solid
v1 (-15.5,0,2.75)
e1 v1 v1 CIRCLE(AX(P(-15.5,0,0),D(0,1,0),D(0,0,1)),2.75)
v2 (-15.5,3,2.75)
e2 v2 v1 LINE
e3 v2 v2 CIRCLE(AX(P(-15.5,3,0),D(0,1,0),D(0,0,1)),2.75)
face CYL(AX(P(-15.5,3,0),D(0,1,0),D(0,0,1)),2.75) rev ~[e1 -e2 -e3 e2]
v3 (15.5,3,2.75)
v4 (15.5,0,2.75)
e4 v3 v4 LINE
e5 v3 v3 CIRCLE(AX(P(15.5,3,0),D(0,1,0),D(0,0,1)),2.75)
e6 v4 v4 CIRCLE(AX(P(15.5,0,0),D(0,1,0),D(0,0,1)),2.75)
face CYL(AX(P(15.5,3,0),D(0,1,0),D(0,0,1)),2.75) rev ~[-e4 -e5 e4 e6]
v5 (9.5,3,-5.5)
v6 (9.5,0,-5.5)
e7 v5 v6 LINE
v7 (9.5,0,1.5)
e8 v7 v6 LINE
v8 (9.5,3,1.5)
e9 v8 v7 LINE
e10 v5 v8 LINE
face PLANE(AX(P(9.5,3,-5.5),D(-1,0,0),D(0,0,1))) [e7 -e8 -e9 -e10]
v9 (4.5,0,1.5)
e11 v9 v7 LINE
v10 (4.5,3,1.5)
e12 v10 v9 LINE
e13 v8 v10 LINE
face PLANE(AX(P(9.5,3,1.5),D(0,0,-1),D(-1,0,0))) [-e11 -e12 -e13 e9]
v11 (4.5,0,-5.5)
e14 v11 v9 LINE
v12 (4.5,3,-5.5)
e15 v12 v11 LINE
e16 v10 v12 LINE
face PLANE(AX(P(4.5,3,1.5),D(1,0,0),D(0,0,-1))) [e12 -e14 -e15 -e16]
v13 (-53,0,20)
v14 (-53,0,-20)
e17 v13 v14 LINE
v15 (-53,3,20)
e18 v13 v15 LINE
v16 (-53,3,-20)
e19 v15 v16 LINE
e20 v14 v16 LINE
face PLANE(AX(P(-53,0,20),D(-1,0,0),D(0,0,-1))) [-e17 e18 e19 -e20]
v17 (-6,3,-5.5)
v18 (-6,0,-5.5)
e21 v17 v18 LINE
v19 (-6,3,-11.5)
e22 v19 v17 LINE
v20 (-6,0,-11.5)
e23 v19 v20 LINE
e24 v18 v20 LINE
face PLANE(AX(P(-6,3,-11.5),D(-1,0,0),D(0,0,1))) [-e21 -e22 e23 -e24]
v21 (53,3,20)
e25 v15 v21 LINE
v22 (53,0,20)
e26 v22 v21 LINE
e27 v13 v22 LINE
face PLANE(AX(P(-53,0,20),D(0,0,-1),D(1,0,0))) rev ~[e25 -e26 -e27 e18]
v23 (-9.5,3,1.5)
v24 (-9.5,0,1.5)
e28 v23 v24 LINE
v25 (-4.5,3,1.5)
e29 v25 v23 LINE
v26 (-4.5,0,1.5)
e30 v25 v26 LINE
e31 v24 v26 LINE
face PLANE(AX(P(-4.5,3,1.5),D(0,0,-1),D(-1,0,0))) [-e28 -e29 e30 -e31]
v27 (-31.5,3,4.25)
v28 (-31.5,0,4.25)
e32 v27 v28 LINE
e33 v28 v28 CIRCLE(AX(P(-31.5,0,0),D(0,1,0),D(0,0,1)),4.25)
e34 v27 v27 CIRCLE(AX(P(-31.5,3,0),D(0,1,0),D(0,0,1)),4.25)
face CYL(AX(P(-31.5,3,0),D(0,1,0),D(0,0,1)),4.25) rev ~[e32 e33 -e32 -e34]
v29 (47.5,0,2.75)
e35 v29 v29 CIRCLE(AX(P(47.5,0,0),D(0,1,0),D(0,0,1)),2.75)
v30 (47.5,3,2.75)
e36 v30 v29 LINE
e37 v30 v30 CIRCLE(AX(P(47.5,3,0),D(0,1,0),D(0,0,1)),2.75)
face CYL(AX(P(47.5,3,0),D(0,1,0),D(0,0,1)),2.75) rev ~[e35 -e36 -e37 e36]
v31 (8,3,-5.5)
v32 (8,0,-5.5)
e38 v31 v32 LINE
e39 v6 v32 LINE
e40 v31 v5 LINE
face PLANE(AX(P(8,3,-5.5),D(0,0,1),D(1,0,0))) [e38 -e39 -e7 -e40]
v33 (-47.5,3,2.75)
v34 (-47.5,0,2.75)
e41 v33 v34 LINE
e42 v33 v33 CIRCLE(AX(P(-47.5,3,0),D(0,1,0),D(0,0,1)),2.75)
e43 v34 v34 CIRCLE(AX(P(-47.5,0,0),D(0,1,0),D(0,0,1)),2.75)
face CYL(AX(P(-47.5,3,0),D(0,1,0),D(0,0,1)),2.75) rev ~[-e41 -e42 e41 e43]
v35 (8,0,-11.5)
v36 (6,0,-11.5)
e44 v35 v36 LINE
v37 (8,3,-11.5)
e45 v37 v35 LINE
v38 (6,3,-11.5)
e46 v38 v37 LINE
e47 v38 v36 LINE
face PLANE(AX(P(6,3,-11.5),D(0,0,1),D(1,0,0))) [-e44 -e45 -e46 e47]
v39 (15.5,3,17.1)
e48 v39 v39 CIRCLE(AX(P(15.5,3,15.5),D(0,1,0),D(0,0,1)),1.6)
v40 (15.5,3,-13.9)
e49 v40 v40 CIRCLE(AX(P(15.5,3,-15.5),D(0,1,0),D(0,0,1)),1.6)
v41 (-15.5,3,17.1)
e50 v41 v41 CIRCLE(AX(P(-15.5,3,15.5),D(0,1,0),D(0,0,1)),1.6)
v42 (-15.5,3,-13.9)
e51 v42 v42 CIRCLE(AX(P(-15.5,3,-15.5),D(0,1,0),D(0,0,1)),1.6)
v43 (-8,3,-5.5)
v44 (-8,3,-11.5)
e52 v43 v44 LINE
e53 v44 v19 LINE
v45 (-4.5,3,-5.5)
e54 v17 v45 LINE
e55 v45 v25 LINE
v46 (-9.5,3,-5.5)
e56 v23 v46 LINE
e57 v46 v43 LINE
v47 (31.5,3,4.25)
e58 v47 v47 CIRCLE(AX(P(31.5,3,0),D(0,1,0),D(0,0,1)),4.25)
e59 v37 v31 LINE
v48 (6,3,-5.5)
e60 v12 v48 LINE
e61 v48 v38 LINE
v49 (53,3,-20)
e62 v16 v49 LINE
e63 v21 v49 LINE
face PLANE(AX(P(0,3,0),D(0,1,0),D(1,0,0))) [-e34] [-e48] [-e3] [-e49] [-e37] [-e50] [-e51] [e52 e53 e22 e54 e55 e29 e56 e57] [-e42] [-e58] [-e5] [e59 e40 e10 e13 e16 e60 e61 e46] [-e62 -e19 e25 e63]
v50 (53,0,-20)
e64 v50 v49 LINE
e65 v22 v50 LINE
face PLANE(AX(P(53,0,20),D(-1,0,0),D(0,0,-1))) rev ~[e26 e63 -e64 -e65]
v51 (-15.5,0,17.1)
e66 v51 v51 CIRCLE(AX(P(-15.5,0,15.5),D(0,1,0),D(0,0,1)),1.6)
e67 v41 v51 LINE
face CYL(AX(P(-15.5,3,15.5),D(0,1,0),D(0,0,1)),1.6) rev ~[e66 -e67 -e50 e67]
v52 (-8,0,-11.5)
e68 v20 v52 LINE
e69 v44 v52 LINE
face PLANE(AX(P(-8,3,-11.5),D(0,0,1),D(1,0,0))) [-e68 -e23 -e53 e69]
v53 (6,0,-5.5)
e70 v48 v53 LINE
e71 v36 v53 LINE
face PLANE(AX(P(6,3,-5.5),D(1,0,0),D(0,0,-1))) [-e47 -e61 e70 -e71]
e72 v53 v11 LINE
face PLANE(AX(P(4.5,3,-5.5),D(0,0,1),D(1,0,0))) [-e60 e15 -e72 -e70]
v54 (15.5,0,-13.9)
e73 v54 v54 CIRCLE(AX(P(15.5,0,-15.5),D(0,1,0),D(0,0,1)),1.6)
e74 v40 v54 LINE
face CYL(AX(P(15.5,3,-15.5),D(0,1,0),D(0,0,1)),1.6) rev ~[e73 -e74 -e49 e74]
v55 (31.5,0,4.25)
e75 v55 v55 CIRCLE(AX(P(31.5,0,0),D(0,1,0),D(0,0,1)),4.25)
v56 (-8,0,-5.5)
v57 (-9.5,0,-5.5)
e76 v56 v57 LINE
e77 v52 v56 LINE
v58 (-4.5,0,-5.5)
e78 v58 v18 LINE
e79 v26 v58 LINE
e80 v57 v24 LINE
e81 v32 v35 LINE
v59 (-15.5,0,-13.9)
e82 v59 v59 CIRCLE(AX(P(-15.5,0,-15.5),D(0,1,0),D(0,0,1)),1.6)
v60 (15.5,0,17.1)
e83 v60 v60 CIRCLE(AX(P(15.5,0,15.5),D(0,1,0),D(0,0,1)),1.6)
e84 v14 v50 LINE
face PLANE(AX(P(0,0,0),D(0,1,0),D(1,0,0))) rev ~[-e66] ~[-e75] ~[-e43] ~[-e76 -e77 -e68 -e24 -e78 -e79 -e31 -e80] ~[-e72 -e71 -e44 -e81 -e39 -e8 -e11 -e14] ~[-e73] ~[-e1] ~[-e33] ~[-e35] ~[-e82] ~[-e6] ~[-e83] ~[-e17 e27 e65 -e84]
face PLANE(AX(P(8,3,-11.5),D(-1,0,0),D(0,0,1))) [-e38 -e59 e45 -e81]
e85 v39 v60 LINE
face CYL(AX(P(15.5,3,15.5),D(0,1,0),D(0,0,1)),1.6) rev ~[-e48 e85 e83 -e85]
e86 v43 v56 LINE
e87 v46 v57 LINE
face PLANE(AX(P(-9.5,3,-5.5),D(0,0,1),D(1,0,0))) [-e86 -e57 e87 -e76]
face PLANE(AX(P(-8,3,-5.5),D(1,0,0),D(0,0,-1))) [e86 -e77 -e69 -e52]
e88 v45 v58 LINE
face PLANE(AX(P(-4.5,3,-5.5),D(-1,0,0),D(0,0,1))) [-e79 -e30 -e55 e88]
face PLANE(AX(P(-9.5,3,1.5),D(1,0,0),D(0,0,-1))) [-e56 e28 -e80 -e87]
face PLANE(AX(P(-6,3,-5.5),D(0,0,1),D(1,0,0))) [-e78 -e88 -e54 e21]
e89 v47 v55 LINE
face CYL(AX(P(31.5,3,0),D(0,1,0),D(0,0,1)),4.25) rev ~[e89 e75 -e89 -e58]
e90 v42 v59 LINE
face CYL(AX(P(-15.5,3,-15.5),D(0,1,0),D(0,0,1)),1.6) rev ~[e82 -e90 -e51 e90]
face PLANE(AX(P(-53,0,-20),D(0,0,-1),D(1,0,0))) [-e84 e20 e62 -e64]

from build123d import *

# Parameters (mm, degrees)
SKETCH_1_W          = 106
SKETCH_1_H          = 40
EXTRUDE_1_DEPTH     = 3
CUT_EXTRUDE_1_REACH = 58.727
SKETCH_2_R          = 4.25
SKETCH_2_R_2        = 2.75
CUT_EXTRUDE_2_REACH = 58.727
SKETCH_3_R          = 1.6
CUT_EXTRUDE_3_REACH = 58.727


with BuildPart() as part:
    # 草图1 → 凸台-拉伸1 (new body)
    with BuildSketch(Plane(origin=(0, 0, 0), x_dir=(1, 0, 0), z_dir=(0, 1, 0))):
        Rectangle(SKETCH_1_W, SKETCH_1_H)
    extrude(amount=EXTRUDE_1_DEPTH)

    # 草图2 → 切除-拉伸1 (cut, up to next)
    with BuildSketch(Plane(origin=(0, 3, 0), x_dir=(1, 0, 0), z_dir=(0, 1, 0)), mode=Mode.PRIVATE) as cut_extrude_1_sk1:
        with Locations(Location((-31.5, 0, 0), (0, 0, 270))):
            Circle(SKETCH_2_R)
    cut_extrude_1_tool1 = extrude(cut_extrude_1_sk1.sketch, amount=-CUT_EXTRUDE_1_REACH, mode=Mode.PRIVATE) & part.part
    # 草图2 → 切除-拉伸1 (cut, up to next)
    with BuildSketch(Plane(origin=(0, 3, 0), x_dir=(1, 0, 0), z_dir=(0, 1, 0)), mode=Mode.PRIVATE) as cut_extrude_1_sk2:
        with Locations(Location((31.5, 0, 0), (0, 0, 270))):
            Circle(SKETCH_2_R)
    cut_extrude_1_tool2 = extrude(cut_extrude_1_sk2.sketch, amount=-CUT_EXTRUDE_1_REACH, mode=Mode.PRIVATE) & part.part
    # 草图2 → 切除-拉伸1 (cut, up to next)
    with BuildSketch(Plane(origin=(0, 3, 0), x_dir=(1, 0, 0), z_dir=(0, 1, 0)), mode=Mode.PRIVATE) as cut_extrude_1_sk3:
        with Locations(Location((-47.5, 0, 0), (0, 0, 270))):
            Circle(SKETCH_2_R_2)
    cut_extrude_1_tool3 = extrude(cut_extrude_1_sk3.sketch, amount=-CUT_EXTRUDE_1_REACH, mode=Mode.PRIVATE) & part.part
    # 草图2 → 切除-拉伸1 (cut, up to next)
    with BuildSketch(Plane(origin=(0, 3, 0), x_dir=(1, 0, 0), z_dir=(0, 1, 0)), mode=Mode.PRIVATE) as cut_extrude_1_sk4:
        with Locations(Location((-15.5, 0, 0), (0, 0, 270))):
            Circle(SKETCH_2_R_2)
    cut_extrude_1_tool4 = extrude(cut_extrude_1_sk4.sketch, amount=-CUT_EXTRUDE_1_REACH, mode=Mode.PRIVATE) & part.part
    # 草图2 → 切除-拉伸1 (cut, up to next)
    with BuildSketch(Plane(origin=(0, 3, 0), x_dir=(1, 0, 0), z_dir=(0, 1, 0)), mode=Mode.PRIVATE) as cut_extrude_1_sk5:
        with Locations(Location((15.5, 0, 0), (0, 0, 270))):
            Circle(SKETCH_2_R_2)
    cut_extrude_1_tool5 = extrude(cut_extrude_1_sk5.sketch, amount=-CUT_EXTRUDE_1_REACH, mode=Mode.PRIVATE) & part.part
    # 草图2 → 切除-拉伸1 (cut, up to next)
    with BuildSketch(Plane(origin=(0, 3, 0), x_dir=(1, 0, 0), z_dir=(0, 1, 0)), mode=Mode.PRIVATE) as cut_extrude_1_sk6:
        with Locations(Location((47.5, 0, 0), (0, 0, 270))):
            Circle(SKETCH_2_R_2)
    cut_extrude_1_tool6 = extrude(cut_extrude_1_sk6.sketch, amount=-CUT_EXTRUDE_1_REACH, mode=Mode.PRIVATE) & part.part
    add(cut_extrude_1_tool1.solids().sort_by_distance((-31.5, 3, 0))[0], mode=Mode.SUBTRACT)
    add(cut_extrude_1_tool2.solids().sort_by_distance((31.5, 3, 0))[0], mode=Mode.SUBTRACT)
    add(cut_extrude_1_tool3.solids().sort_by_distance((-47.5, 3, 0))[0], mode=Mode.SUBTRACT)
    add(cut_extrude_1_tool4.solids().sort_by_distance((-15.5, 3, 0))[0], mode=Mode.SUBTRACT)
    add(cut_extrude_1_tool5.solids().sort_by_distance((15.5, 3, 0))[0], mode=Mode.SUBTRACT)
    add(cut_extrude_1_tool6.solids().sort_by_distance((47.5, 3, 0))[0], mode=Mode.SUBTRACT)

    # 草图3 → 切除-拉伸2 (cut, up to next)
    with BuildSketch(Plane(origin=(0, 3, 0), x_dir=(1, 0, 0), z_dir=(0, 1, 0)), mode=Mode.PRIVATE) as cut_extrude_2_sk1:
        with Locations(Location((-15.5, -15.5, 0), (0, 0, 270))):
            Circle(SKETCH_3_R)
    cut_extrude_2_tool1 = extrude(cut_extrude_2_sk1.sketch, amount=-CUT_EXTRUDE_2_REACH, mode=Mode.PRIVATE) & part.part
    # 草图3 → 切除-拉伸2 (cut, up to next)
    with BuildSketch(Plane(origin=(0, 3, 0), x_dir=(1, 0, 0), z_dir=(0, 1, 0)), mode=Mode.PRIVATE) as cut_extrude_2_sk2:
        with Locations(Location((-15.5, 15.5, 0), (0, 0, 270))):
            Circle(SKETCH_3_R)
    cut_extrude_2_tool2 = extrude(cut_extrude_2_sk2.sketch, amount=-CUT_EXTRUDE_2_REACH, mode=Mode.PRIVATE) & part.part
    # 草图3 → 切除-拉伸2 (cut, up to next)
    with BuildSketch(Plane(origin=(0, 3, 0), x_dir=(1, 0, 0), z_dir=(0, 1, 0)), mode=Mode.PRIVATE) as cut_extrude_2_sk3:
        with Locations(Location((15.5, 15.5, 0), (0, 0, 270))):
            Circle(SKETCH_3_R)
    cut_extrude_2_tool3 = extrude(cut_extrude_2_sk3.sketch, amount=-CUT_EXTRUDE_2_REACH, mode=Mode.PRIVATE) & part.part
    # 草图3 → 切除-拉伸2 (cut, up to next)
    with BuildSketch(Plane(origin=(0, 3, 0), x_dir=(1, 0, 0), z_dir=(0, 1, 0)), mode=Mode.PRIVATE) as cut_extrude_2_sk4:
        with Locations(Location((15.5, -15.5, 0), (0, 0, 270))):
            Circle(SKETCH_3_R)
    cut_extrude_2_tool4 = extrude(cut_extrude_2_sk4.sketch, amount=-CUT_EXTRUDE_2_REACH, mode=Mode.PRIVATE) & part.part
    add(cut_extrude_2_tool1.solids().sort_by_distance((-15.5, 3, 15.5))[0], mode=Mode.SUBTRACT)
    add(cut_extrude_2_tool2.solids().sort_by_distance((-15.5, 3, -15.5))[0], mode=Mode.SUBTRACT)
    add(cut_extrude_2_tool3.solids().sort_by_distance((15.5, 3, -15.5))[0], mode=Mode.SUBTRACT)
    add(cut_extrude_2_tool4.solids().sort_by_distance((15.5, 3, 15.5))[0], mode=Mode.SUBTRACT)

    # 草图4 → 切除-拉伸3 (cut, up to next)
    with BuildSketch(Plane(origin=(0, 3, 0), x_dir=(1, 0, 0), z_dir=(0, 1, 0)), mode=Mode.PRIVATE) as cut_extrude_3_sk1:
        Polygon((-6, 5.5), (-4.5, 5.5), (-4.5, -1.5), (-9.5, -1.5), (-9.5, 5.5), (-8, 5.5), (-8, 11.5), (-6, 11.5), align=None)
    cut_extrude_3_tool1 = extrude(cut_extrude_3_sk1.sketch, amount=-CUT_EXTRUDE_3_REACH, mode=Mode.PRIVATE) & part.part
    # 草图4 → 切除-拉伸3 (cut, up to next)
    with BuildSketch(Plane(origin=(0, 3, 0), x_dir=(1, 0, 0), z_dir=(0, 1, 0)), mode=Mode.PRIVATE) as cut_extrude_3_sk2:
        Polygon((8, 11.5), (8, 5.5), (9.5, 5.5), (9.5, -1.5), (4.5, -1.5), (4.5, 5.5), (6, 5.5), (6, 11.5), align=None)
    cut_extrude_3_tool2 = extrude(cut_extrude_3_sk2.sketch, amount=-CUT_EXTRUDE_3_REACH, mode=Mode.PRIVATE) & part.part
    add(cut_extrude_3_tool1.solids().sort_by_distance((-7, 3, -3.659574))[0], mode=Mode.SUBTRACT)
    add(cut_extrude_3_tool2.solids().sort_by_distance((7, 3, -3.659574))[0], mode=Mode.SUBTRACT)


solid = part.part
